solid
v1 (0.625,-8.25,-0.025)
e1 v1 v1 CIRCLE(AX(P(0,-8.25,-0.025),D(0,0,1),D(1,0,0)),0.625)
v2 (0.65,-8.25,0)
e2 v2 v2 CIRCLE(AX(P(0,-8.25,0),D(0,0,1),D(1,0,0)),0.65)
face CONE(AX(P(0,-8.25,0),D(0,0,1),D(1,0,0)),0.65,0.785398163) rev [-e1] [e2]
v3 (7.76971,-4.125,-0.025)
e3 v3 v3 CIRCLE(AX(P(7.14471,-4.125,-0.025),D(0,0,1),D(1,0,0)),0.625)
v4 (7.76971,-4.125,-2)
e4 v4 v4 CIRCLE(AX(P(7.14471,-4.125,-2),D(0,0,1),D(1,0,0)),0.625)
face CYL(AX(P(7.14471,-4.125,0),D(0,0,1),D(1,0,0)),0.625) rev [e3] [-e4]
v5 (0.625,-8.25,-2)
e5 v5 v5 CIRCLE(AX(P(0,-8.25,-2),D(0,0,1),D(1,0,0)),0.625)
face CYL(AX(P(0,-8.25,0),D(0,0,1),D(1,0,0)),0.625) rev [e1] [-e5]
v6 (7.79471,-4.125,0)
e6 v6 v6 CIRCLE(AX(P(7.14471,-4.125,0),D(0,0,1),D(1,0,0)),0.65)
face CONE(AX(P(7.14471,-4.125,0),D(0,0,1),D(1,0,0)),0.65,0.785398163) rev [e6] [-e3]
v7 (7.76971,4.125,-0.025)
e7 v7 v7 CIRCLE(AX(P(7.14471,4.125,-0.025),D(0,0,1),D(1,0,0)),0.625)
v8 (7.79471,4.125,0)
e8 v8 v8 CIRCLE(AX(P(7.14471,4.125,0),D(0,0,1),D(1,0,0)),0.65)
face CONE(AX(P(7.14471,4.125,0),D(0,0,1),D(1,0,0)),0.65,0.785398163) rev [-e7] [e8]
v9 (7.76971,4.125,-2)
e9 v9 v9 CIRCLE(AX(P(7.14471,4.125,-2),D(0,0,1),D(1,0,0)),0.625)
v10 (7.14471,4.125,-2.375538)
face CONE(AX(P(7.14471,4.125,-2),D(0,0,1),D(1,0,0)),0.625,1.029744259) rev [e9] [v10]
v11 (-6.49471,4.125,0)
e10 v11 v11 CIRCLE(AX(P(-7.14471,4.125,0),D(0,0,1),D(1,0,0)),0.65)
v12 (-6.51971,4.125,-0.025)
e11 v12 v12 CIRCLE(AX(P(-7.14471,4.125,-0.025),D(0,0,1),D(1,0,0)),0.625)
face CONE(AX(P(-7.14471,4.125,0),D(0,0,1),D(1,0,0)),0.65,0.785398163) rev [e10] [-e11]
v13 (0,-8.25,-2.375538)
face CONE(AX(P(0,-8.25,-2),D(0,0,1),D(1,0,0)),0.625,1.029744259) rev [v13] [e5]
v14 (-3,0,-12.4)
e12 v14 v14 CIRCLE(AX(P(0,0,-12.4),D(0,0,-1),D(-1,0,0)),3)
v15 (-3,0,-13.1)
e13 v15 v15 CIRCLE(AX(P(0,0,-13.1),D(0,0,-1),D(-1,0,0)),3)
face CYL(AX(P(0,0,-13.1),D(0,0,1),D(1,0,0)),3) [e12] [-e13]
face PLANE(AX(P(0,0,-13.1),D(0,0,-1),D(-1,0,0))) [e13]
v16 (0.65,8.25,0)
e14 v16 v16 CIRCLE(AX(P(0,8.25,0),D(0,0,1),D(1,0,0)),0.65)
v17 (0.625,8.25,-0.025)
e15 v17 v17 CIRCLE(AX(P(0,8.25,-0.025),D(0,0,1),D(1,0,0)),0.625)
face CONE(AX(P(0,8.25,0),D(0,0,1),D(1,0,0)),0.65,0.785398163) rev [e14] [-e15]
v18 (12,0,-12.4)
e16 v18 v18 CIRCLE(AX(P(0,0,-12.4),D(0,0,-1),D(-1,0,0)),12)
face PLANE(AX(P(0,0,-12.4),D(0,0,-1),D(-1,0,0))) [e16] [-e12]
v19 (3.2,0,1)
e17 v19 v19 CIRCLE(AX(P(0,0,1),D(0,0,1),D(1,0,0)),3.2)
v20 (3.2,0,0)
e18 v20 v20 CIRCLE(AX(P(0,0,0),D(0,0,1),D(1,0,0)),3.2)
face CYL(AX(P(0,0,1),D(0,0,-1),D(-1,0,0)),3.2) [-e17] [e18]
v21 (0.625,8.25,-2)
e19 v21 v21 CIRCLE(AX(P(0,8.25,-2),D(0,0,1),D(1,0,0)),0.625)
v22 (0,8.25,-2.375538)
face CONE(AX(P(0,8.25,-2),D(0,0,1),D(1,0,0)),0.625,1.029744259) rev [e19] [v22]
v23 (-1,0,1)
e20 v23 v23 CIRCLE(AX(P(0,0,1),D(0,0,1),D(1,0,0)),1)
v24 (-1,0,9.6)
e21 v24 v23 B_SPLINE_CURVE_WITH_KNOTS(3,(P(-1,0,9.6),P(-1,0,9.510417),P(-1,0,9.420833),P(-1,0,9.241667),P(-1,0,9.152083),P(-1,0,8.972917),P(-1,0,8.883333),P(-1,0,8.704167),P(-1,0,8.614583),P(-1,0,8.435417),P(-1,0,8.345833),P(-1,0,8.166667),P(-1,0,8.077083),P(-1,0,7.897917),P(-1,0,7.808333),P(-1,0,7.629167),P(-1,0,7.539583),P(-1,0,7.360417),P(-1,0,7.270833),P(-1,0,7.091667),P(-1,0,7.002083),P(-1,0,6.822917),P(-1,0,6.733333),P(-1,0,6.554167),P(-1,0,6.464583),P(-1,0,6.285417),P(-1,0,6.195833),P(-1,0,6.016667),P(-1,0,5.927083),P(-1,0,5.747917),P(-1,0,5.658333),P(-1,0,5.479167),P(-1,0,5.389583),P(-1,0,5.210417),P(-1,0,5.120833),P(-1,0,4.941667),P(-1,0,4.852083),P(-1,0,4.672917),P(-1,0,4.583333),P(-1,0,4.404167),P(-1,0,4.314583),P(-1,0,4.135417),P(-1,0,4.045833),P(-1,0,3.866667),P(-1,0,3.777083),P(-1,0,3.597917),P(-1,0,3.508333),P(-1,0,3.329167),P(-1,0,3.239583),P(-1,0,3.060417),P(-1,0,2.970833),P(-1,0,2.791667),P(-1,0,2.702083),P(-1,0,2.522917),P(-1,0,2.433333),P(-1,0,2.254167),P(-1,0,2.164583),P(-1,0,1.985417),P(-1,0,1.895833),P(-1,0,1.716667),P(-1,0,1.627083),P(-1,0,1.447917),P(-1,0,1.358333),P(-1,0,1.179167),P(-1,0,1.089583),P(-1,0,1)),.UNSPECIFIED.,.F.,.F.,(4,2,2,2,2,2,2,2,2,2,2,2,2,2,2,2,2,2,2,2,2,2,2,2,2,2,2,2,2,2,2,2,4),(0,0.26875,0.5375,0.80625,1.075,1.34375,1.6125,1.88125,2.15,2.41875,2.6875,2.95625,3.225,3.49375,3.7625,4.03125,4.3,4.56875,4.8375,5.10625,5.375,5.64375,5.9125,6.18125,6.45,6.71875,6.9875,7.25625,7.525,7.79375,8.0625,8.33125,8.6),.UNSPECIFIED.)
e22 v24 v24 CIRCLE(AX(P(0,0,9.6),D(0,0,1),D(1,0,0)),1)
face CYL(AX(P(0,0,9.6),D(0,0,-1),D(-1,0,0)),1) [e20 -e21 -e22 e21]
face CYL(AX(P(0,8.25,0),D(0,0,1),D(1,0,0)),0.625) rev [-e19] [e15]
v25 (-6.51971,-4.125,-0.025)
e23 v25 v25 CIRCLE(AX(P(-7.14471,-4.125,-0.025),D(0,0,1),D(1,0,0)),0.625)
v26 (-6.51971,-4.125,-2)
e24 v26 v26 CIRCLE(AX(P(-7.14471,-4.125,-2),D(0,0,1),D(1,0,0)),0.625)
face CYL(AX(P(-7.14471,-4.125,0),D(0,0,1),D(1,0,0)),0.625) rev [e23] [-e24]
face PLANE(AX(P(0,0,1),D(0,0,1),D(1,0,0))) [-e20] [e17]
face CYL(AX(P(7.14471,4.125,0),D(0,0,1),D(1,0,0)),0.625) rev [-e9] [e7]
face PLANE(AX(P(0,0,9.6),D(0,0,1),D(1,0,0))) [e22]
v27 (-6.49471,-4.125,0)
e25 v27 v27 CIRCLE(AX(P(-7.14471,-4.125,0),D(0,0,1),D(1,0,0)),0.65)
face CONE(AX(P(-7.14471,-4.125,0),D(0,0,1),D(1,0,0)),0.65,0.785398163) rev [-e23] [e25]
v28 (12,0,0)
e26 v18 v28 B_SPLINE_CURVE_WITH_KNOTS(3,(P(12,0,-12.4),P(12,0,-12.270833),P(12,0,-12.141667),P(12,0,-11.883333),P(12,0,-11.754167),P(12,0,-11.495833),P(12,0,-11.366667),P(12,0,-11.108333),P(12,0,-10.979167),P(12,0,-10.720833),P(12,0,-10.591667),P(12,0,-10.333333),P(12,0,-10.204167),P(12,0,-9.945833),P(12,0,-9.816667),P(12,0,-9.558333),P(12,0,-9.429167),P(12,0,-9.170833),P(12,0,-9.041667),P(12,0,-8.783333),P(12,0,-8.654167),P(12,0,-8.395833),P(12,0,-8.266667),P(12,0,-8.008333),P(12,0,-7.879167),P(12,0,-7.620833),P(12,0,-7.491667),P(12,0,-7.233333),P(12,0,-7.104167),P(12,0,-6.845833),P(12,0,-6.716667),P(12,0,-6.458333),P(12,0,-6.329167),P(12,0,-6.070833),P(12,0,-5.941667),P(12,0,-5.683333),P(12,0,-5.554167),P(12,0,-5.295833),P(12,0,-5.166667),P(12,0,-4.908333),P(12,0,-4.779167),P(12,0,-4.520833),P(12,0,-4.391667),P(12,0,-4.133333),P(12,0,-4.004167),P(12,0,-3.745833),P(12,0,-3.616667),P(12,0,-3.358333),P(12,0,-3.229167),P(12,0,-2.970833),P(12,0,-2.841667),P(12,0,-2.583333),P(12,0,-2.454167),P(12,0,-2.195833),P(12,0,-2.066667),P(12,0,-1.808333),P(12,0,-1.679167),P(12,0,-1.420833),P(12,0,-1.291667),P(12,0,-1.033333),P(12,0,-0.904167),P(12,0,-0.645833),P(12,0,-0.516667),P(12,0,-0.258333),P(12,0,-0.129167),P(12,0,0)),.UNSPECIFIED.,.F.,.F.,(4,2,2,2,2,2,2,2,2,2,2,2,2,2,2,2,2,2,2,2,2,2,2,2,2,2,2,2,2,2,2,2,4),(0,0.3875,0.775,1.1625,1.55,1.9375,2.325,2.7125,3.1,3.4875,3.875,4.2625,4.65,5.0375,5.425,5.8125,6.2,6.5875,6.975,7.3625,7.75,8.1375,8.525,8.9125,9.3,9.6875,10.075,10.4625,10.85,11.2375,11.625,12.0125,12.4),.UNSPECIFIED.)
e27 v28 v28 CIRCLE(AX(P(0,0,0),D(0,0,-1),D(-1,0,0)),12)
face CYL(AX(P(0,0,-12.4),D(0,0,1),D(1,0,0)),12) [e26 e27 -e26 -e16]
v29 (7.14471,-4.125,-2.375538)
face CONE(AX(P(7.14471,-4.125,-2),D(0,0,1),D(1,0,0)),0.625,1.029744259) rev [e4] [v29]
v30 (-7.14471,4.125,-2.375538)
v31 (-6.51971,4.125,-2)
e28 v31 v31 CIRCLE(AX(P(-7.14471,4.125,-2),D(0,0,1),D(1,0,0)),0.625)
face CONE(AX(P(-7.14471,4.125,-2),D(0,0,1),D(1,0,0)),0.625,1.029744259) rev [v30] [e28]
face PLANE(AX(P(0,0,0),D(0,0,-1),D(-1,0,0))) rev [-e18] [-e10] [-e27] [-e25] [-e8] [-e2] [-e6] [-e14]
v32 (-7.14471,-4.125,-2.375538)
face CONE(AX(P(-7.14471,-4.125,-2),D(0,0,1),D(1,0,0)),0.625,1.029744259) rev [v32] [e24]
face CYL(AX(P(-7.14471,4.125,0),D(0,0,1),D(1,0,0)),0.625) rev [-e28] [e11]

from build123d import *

# Parameters (mm, degrees)
SKETCH_2_R                     = 12
EXTRUDE_2_DEPTH                = 12.4
SKETCH_5_R                     = 3.2
EXTRUDE_4_DEPTH                = 1
SKETCH_3_R                     = 1
EXTRUDE_3_DEPTH                = 8.6
SKETCH_6_R                     = 3
EXTRUDE_5_DEPTH                = 0.7
HOLE_WIZARD_M1_6_1_D           = 1.25
HOLE_WIZARD_M1_6_1_DEPTH       = 2
HOLE_WIZARD_M1_6_1_CSINK_D     = 1.3
HOLE_WIZARD_M1_6_1_CSINK_ANGLE = 90
HOLE_WIZARD_M1_6_1_TIP         = 0.375537887


with BuildPart() as part:
    # 草圖2 → 填料-伸長2 (new body)
    with BuildSketch(Plane(origin=(0, 0, 0), x_dir=(-1, 0, 0), z_dir=(0, 0, -1))):
        with Locations(Location((0, 0, 0), (0, 0, 180))):
            Circle(SKETCH_2_R)
    extrude(amount=EXTRUDE_2_DEPTH)

    # 草圖5 → 填料-伸長4 (add)
    with BuildSketch(Plane.XY):
        Circle(SKETCH_5_R)
    extrude(amount=EXTRUDE_4_DEPTH)

    # 草圖3 → 填料-伸長3 (add)
    with BuildSketch(Plane.XY.offset(1)):
        with Locations(Location((0, 0, 0), (0, 0, 180))):
            Circle(SKETCH_3_R)
    extrude(amount=EXTRUDE_3_DEPTH)

    # 草圖6 → 填料-伸長5 (add)
    with BuildSketch(Plane(origin=(0, 0, -12.4), x_dir=(-1, 0, 0), z_dir=(0, 0, -1))):
        Circle(SKETCH_6_R)
    extrude(amount=EXTRUDE_5_DEPTH)

    # M1.6  螺絲攻的螺孔鑽1
    with Locations(Plane.XY):
        with Locations((0, 8.25), (7.144709581, 4.125), (7.144709581, -4.125), (0, -8.25), (-7.144709581, -4.125), (-7.144709581, 4.125)):
            CounterSinkHole(HOLE_WIZARD_M1_6_1_D / 2, HOLE_WIZARD_M1_6_1_CSINK_D / 2, depth=HOLE_WIZARD_M1_6_1_DEPTH, counter_sink_angle=HOLE_WIZARD_M1_6_1_CSINK_ANGLE)
            with Locations((0, 0, -(HOLE_WIZARD_M1_6_1_DEPTH + HOLE_WIZARD_M1_6_1_TIP / 2))):  # 118° drill point
                Cone(0, HOLE_WIZARD_M1_6_1_D / 2, HOLE_WIZARD_M1_6_1_TIP, mode=Mode.SUBTRACT)


solid = part.part
